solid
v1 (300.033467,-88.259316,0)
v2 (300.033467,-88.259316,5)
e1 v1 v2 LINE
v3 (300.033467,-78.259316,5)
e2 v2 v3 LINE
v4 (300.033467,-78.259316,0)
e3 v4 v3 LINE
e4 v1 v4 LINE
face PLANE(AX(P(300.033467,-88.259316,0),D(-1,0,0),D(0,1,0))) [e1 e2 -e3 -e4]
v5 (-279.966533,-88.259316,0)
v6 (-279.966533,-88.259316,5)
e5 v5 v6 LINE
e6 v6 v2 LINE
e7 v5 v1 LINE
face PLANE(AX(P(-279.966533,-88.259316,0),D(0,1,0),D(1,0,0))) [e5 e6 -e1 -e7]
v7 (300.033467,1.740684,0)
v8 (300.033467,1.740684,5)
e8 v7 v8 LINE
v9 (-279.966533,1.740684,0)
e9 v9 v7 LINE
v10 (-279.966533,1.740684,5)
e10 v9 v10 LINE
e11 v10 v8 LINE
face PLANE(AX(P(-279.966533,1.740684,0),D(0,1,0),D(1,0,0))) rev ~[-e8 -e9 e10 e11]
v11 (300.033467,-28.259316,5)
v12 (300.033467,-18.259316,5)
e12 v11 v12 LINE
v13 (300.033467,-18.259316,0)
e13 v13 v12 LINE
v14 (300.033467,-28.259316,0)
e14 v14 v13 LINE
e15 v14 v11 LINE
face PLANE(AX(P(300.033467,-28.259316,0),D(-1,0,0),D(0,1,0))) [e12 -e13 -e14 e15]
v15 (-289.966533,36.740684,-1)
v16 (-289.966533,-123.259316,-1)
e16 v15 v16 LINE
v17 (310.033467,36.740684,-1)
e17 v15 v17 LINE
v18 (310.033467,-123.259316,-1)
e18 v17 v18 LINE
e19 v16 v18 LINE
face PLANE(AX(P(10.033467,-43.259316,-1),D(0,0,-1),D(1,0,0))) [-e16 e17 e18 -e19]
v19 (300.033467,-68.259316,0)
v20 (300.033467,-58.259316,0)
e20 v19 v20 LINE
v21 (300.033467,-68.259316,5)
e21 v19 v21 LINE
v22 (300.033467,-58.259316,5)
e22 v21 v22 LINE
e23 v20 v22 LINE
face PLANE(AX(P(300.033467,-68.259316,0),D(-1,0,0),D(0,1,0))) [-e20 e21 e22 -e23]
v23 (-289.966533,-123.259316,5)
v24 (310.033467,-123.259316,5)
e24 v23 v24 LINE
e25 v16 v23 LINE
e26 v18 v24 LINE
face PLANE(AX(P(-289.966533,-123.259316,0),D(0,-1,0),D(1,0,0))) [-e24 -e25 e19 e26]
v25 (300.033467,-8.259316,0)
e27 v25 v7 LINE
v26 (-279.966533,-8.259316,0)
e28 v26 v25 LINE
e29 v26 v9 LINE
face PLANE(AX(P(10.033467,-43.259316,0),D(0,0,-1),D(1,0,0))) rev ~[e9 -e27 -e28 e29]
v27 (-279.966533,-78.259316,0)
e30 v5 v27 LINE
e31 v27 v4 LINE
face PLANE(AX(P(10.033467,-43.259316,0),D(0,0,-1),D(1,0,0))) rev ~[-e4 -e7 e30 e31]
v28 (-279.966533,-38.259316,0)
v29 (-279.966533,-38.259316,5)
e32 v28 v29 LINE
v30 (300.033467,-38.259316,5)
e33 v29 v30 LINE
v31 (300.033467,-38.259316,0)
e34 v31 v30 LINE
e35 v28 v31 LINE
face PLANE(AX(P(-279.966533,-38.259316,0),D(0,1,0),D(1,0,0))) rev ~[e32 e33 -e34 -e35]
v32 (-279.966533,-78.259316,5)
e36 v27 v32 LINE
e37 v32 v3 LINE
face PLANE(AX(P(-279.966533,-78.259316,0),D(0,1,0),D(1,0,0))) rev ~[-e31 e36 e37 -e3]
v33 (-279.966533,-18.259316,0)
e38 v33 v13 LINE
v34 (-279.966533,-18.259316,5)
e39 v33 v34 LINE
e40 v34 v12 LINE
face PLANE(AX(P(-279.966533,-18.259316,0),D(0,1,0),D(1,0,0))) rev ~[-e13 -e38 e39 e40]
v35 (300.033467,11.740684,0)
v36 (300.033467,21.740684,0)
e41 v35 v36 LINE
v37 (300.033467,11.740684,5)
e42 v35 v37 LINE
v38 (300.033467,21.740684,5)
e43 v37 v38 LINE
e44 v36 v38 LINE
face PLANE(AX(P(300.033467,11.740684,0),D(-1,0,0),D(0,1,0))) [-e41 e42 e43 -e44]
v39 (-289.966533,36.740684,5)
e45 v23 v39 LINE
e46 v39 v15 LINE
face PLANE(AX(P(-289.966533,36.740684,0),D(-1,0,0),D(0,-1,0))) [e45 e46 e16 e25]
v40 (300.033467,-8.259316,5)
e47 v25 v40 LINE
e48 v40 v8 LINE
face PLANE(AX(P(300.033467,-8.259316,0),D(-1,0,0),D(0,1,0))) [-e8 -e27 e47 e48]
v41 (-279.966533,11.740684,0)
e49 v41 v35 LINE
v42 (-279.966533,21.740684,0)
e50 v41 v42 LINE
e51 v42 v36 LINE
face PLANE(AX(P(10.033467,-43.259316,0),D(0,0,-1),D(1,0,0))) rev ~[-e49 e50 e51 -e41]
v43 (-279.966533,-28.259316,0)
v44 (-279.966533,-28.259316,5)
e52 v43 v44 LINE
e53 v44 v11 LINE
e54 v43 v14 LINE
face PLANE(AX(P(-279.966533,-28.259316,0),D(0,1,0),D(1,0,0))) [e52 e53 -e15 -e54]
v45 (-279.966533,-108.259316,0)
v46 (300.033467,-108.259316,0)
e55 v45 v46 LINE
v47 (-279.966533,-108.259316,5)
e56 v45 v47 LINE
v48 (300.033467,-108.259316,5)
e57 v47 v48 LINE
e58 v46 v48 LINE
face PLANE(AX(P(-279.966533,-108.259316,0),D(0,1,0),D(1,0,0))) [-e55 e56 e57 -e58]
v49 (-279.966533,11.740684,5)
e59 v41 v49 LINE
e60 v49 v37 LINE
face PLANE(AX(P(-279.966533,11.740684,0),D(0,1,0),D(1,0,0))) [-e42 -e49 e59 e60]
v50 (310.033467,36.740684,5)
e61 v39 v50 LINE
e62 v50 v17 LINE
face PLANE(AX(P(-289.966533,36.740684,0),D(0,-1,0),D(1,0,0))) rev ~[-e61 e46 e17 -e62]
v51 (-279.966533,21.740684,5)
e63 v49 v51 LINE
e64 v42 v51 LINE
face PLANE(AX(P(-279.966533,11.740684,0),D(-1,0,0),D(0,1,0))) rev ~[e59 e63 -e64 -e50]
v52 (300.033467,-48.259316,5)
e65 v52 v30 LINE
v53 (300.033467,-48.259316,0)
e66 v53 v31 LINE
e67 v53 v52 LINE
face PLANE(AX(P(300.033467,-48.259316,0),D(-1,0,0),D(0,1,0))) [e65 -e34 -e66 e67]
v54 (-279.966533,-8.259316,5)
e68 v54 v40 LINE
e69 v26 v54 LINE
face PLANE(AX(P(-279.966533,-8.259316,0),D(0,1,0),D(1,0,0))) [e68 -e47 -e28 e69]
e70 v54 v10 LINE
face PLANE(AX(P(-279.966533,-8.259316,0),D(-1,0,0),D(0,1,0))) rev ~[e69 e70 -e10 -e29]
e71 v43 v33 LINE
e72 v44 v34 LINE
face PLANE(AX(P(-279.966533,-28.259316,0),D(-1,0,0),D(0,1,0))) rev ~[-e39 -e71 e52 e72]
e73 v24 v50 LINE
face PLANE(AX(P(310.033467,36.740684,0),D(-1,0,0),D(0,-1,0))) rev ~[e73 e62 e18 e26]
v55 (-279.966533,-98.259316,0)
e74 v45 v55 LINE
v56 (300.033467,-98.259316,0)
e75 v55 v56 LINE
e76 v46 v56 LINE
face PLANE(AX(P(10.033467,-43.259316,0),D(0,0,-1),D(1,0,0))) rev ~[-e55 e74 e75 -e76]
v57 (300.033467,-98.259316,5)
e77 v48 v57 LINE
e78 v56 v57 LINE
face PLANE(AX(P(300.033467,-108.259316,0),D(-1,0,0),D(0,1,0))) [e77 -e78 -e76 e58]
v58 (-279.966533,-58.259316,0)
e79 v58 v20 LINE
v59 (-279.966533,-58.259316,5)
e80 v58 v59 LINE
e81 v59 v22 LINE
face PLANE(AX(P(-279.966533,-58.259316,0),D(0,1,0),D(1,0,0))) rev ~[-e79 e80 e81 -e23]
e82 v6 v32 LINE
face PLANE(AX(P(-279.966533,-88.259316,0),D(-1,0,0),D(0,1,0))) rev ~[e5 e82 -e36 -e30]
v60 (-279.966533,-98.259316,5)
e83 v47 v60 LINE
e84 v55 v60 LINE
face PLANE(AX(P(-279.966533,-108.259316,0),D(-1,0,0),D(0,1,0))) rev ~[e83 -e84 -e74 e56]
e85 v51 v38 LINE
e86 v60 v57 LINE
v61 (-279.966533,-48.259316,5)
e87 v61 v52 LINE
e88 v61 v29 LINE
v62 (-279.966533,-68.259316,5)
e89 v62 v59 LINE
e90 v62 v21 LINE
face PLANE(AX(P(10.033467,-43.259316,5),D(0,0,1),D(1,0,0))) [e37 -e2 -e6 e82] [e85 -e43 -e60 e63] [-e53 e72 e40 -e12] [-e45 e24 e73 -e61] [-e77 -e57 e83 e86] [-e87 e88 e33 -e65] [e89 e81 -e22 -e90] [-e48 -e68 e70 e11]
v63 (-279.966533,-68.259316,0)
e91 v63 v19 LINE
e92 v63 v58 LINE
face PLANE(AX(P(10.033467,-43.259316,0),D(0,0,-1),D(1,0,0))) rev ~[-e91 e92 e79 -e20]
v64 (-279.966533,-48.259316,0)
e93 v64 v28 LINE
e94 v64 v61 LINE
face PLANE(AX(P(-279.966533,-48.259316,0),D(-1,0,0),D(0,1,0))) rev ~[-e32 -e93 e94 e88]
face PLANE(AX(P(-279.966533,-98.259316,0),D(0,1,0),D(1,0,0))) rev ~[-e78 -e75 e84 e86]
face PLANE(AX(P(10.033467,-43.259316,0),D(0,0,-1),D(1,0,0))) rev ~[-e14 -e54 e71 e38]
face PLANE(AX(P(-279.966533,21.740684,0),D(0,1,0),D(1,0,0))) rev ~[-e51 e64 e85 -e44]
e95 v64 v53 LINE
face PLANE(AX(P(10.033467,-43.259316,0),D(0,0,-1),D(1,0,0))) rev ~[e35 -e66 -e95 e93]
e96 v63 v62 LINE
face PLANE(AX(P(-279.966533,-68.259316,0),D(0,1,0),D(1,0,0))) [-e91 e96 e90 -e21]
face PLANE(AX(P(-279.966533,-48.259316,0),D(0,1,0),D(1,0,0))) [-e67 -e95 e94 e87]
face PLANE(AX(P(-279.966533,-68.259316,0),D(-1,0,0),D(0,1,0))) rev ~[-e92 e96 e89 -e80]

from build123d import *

# Parameters (mm, degrees)
F0_W     = 600
F0_H     = 160
F0_W_2   = 580
F0_H_2   = 10
F1_DEPTH = 5
F2_W     = 600
F2_H     = 160
F3_DEPTH = 1


with BuildPart() as f1:
    # F0 (on Top) → F1 (new body)
    with BuildSketch(Plane.XY):
        with Locations((10.033467, -43.259316)):
            Rectangle(F0_W, F0_H)
        with Locations((10.033467, -103.259316)):
            Rectangle(F0_W_2, F0_H_2, mode=Mode.SUBTRACT)
        with Locations((10.033467, -83.259316)):
            Rectangle(F0_W_2, F0_H_2, mode=Mode.SUBTRACT)
        with Locations((10.033467, -63.259316)):
            Rectangle(F0_W_2, F0_H_2, mode=Mode.SUBTRACT)
        with Locations((10.033467, -43.259316)):
            Rectangle(F0_W_2, F0_H_2, mode=Mode.SUBTRACT)
        with Locations((10.033467, -23.259316)):
            Rectangle(F0_W_2, F0_H_2, mode=Mode.SUBTRACT)
        with Locations((10.033467, -3.259316)):
            Rectangle(F0_W_2, F0_H_2, mode=Mode.SUBTRACT)
        with Locations((10.033467, 16.740684)):
            Rectangle(F0_W_2, F0_H_2, mode=Mode.SUBTRACT)
    extrude(amount=F1_DEPTH)

    # F2 (on face) → F3 (join)
    with BuildSketch(Plane(origin=(0, 0, 0), x_dir=(1, 0, 0), z_dir=(0, 0, -1))):
        with Locations((10.033467, 43.259316)):
            Rectangle(F2_W, F2_H)
    extrude(amount=F3_DEPTH)


solid = f1.part
